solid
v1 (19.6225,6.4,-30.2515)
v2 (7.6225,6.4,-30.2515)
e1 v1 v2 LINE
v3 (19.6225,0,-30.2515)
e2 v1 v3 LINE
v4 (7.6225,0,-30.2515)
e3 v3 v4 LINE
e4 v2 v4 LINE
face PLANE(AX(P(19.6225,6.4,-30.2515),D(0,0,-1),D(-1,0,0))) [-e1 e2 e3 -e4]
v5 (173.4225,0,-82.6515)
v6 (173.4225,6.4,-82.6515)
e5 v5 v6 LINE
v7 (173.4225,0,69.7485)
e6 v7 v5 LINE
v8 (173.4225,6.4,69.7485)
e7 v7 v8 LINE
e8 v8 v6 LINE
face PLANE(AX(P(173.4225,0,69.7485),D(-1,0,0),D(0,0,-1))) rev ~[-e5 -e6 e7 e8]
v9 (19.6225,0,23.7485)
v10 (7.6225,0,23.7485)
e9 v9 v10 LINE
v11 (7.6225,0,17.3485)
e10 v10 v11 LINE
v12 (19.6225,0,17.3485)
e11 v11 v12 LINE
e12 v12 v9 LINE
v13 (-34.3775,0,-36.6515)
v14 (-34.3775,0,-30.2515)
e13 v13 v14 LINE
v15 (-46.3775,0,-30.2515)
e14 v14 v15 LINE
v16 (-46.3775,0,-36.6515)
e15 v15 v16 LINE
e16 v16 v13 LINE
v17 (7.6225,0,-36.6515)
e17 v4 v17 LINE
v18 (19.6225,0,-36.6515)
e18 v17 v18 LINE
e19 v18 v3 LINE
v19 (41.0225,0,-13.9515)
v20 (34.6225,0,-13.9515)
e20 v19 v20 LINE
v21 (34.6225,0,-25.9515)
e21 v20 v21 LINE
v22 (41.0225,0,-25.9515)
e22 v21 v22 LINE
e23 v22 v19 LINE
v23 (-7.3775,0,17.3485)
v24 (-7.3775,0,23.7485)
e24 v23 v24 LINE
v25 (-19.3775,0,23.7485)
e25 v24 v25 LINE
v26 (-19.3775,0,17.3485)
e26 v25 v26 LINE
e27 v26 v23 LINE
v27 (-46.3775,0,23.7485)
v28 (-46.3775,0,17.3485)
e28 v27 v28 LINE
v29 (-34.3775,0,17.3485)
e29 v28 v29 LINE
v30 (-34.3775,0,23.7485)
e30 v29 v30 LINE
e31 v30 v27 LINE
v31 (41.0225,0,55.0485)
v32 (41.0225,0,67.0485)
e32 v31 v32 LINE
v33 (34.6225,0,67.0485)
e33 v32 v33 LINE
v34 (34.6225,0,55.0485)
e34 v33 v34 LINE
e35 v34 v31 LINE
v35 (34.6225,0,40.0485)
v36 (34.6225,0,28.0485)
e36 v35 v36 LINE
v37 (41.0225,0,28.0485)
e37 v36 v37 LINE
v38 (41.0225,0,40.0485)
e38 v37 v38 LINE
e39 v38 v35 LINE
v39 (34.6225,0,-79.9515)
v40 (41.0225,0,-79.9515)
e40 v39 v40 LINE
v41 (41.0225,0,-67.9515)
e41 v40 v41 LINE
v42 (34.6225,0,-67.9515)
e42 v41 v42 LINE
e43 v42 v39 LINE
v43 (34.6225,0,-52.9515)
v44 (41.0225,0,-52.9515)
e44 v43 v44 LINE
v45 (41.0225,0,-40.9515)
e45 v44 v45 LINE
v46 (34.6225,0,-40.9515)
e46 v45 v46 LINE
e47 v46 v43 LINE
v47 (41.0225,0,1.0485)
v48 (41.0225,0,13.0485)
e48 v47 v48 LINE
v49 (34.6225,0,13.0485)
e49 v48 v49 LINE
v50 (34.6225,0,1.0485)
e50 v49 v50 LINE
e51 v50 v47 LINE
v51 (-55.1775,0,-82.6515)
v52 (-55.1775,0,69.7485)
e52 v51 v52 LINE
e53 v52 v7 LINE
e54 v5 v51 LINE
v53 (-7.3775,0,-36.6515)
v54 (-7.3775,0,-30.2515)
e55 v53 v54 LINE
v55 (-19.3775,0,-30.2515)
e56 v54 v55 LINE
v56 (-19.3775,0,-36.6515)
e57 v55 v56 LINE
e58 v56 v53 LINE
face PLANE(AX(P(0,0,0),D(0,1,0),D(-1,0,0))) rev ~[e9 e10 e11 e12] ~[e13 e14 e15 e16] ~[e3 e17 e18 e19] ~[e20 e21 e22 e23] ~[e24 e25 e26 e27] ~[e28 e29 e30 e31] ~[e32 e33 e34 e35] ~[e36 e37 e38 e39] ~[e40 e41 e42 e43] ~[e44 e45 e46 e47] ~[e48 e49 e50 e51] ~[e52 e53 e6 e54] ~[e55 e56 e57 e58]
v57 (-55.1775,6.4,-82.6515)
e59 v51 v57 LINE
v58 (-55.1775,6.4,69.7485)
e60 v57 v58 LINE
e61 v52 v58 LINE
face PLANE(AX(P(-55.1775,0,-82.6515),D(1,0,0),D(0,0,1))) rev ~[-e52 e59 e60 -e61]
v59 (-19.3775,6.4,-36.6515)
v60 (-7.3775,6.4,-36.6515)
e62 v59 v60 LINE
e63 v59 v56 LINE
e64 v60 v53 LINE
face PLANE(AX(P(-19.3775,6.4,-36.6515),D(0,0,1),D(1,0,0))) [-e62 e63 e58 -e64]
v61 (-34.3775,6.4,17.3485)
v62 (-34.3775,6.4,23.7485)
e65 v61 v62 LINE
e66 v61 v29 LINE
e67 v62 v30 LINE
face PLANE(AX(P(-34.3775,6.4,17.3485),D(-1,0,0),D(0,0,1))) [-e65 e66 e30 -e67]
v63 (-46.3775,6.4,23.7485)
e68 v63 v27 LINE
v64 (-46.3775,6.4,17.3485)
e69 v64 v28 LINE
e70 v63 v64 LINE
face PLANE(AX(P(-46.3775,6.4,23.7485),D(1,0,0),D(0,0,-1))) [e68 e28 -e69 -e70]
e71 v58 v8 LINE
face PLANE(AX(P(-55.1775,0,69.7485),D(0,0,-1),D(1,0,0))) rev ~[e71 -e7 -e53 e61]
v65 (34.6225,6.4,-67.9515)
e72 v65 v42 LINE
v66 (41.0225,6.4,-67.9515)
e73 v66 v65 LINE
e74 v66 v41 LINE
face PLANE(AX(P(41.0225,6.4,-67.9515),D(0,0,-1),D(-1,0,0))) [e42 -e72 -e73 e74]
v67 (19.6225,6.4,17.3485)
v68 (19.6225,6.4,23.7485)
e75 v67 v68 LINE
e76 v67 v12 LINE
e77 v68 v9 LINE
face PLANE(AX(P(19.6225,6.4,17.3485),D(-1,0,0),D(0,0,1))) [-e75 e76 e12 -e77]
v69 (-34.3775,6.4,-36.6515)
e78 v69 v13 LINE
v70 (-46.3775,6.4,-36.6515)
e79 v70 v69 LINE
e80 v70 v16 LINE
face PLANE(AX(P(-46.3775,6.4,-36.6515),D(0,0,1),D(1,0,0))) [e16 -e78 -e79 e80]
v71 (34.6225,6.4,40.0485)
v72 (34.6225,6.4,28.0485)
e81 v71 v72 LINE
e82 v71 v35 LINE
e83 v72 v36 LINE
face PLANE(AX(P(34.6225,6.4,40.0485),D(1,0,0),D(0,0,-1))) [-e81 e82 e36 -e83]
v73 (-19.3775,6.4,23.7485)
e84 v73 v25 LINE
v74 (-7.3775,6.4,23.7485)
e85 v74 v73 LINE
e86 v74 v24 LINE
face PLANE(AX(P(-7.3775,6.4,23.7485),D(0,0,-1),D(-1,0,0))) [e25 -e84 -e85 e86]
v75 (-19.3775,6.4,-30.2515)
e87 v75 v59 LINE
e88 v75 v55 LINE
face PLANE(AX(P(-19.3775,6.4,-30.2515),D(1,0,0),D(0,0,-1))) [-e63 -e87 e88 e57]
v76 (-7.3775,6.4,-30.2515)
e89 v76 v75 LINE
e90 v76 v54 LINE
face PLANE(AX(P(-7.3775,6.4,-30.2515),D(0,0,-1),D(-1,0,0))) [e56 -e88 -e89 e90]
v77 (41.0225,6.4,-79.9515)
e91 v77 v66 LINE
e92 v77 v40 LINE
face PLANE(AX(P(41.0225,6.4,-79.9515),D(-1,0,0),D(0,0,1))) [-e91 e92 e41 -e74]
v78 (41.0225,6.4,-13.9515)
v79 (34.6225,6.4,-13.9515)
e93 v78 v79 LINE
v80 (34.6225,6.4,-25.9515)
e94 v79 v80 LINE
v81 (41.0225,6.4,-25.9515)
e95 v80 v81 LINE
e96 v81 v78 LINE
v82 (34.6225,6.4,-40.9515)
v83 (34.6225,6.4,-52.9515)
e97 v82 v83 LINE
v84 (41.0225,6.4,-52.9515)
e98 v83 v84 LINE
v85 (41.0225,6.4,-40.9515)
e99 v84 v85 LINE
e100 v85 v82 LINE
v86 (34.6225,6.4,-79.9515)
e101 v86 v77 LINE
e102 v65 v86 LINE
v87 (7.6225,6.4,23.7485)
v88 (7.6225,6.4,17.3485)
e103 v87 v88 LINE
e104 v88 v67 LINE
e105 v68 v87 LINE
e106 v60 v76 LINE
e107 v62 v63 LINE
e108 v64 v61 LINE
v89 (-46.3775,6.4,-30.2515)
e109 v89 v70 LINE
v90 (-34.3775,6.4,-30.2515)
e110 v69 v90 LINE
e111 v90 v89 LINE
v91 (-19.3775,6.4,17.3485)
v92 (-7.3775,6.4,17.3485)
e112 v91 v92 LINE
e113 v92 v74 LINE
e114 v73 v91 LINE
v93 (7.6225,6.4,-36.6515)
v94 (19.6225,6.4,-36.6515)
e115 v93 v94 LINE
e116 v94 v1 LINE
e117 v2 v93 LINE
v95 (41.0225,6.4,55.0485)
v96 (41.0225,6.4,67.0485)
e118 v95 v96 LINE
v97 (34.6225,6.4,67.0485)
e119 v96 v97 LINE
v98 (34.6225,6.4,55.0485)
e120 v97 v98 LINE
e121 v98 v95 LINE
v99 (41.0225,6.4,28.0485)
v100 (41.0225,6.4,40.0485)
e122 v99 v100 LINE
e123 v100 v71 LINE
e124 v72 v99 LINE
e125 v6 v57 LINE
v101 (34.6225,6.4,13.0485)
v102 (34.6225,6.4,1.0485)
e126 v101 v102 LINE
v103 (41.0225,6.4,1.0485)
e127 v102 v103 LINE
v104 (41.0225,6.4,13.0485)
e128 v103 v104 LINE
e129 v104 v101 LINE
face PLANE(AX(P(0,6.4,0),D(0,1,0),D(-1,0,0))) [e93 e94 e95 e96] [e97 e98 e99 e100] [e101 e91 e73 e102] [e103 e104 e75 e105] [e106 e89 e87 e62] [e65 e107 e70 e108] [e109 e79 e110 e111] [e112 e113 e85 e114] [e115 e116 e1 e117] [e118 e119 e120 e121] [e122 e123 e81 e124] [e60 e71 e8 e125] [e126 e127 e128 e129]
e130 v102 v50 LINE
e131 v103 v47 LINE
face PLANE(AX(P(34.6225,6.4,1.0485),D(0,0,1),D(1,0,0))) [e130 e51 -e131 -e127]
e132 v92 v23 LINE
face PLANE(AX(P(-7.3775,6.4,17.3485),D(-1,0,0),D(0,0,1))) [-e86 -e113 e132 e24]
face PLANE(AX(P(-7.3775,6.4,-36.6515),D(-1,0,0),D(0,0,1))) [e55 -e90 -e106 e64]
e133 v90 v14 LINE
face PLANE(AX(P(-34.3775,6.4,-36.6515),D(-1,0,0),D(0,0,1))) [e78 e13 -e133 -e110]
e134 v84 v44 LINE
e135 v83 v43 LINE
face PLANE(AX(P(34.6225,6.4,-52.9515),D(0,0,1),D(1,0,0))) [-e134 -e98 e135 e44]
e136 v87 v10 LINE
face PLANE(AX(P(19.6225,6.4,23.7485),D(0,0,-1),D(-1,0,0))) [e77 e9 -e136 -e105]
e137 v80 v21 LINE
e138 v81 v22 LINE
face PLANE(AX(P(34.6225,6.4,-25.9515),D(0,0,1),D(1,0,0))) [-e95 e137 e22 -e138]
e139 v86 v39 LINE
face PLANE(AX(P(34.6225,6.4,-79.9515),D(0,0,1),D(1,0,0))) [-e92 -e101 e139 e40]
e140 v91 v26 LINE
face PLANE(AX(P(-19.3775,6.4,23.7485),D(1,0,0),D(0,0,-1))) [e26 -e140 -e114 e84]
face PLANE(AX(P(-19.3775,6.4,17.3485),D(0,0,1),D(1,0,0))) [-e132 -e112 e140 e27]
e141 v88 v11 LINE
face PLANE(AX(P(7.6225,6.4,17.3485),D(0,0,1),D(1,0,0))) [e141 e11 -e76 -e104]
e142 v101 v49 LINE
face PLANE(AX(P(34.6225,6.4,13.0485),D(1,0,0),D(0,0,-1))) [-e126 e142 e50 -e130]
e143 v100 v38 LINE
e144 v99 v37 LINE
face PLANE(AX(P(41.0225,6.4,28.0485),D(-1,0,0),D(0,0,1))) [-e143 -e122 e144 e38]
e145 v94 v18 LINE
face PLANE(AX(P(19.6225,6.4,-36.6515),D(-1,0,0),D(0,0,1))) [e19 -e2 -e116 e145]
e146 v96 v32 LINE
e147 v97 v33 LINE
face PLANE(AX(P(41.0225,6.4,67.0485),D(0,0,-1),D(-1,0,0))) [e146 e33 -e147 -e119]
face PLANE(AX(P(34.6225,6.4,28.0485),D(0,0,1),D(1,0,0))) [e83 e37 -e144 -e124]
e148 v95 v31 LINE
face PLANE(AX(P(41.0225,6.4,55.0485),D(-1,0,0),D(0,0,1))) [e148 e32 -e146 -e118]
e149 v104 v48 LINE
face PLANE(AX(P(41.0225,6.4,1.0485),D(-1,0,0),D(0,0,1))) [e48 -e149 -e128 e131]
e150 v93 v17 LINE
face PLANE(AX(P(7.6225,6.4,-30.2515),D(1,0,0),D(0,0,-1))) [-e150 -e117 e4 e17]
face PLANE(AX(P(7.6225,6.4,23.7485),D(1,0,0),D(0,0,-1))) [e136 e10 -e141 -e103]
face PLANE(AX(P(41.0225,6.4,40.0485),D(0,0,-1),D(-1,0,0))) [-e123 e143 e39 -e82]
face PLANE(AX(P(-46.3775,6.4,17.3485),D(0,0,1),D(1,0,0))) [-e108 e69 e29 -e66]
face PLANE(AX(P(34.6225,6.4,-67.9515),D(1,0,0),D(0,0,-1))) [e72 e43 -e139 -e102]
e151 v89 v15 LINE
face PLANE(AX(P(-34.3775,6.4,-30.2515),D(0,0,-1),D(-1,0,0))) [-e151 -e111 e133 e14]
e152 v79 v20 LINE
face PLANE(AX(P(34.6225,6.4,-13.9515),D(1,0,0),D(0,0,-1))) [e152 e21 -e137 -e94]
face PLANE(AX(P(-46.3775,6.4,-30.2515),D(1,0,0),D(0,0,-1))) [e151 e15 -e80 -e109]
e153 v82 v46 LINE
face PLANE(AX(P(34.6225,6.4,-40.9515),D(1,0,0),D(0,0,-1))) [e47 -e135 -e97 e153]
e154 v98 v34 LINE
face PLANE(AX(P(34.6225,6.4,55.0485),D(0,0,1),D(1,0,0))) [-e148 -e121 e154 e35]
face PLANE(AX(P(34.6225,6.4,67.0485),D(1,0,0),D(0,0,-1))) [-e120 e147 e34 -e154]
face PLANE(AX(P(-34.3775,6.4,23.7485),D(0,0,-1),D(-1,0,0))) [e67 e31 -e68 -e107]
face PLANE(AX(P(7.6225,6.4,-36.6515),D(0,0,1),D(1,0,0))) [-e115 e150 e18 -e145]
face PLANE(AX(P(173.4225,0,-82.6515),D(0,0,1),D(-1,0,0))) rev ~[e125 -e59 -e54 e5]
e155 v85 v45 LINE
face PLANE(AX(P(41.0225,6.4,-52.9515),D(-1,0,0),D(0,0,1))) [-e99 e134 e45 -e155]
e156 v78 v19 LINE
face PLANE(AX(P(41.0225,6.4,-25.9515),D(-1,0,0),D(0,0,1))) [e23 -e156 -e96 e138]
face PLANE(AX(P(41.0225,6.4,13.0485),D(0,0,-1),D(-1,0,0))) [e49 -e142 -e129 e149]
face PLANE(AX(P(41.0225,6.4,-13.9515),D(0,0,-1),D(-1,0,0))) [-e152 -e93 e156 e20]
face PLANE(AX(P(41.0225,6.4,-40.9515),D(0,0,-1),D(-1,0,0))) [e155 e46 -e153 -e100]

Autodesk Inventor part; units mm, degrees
ref_plane "YZ Plane" through (0, 0, 0) normal (1, 0, 0) x (0, 1, 0)
ref_plane "XZ Plane" through (0, 0, 0) normal (0, 1, 0) x (-1, 0, 0)
ref_plane "XY Plane" through (0, 0, 0) normal (0, 0, 1) x (1, 0, 0)
sketch "Sketch1" plane through (0, 0, 0) normal (0, 1, 0) x (-1, 0, 0)
  line L0 (55.1775, 69.7485) -> (-173.4225, 69.7485)
  line L1 (-173.4225, 69.7485) -> (-173.4225, -82.6515)
  line L2 (-173.4225, -82.6515) -> (55.1775, -82.6515)
  line L3 (55.1775, -82.6515) -> (55.1775, 69.7485)
  point P0 (0, 0)
  dimension "d0" = 152.4
  dimension "d1" = 228.6
extrude "Extrusion1" add sketch "Sketch1" along normal blind 6.4
sketch "Sketch2" plane through (0, 6.4, 0) normal (0, 1, 0) x (1, 0, 0)
  line L0 (34.6225, 25.9515) -> (41.0225, 25.9515)
  line L1 (41.0225, 25.9515) -> (41.0225, 13.9515)
  line L2 (41.0225, 13.9515) -> (34.6225, 13.9515)
  line L3 (34.6225, 13.9515) -> (34.6225, 25.9515)
  line L4 (34.6225, -1.0485) -> (41.0225, -1.0485)
  line L5 (41.0225, -1.0485) -> (41.0225, -13.0485)
  line L6 (41.0225, -13.0485) -> (34.6225, -13.0485)
  line L7 (34.6225, -13.0485) -> (34.6225, -1.0485)
  line L8 (-55.1775, 82.6515) -> (-55.1775, -69.7485) projected
  line L9 (173.4225, -69.7485) -> (173.4225, 82.6515) construction
  line L10 (173.4225, 82.6515) -> (-55.1775, 82.6515) construction
  line L11 (59.1225, 82.6515) -> (59.1225, -69.7485) construction
  line L12 (-55.1775, -69.7485) -> (173.4225, -69.7485) construction
  line L13 (-55.1775, 6.4515) -> (173.4225, 6.4515) construction
  line L14 (41.0225, -28.0485) -> (41.0225, -40.0485)
  line L15 (34.6225, -40.0485) -> (34.6225, -28.0485)
  line L16 (41.0225, -40.0485) -> (34.6225, -40.0485)
  line L17 (34.6225, -28.0485) -> (41.0225, -28.0485)
  line L18 (41.0225, -55.0485) -> (41.0225, -67.0485)
  line L19 (34.6225, -67.0485) -> (34.6225, -55.0485)
  line L20 (41.0225, -67.0485) -> (34.6225, -67.0485)
  line L21 (34.6225, -55.0485) -> (41.0225, -55.0485)
  line L22 (41.0225, 52.9515) -> (41.0225, 40.9515)
  line L23 (34.6225, 40.9515) -> (34.6225, 52.9515)
  line L24 (34.6225, 52.9515) -> (41.0225, 52.9515)
  line L25 (41.0225, 40.9515) -> (34.6225, 40.9515)
  line L26 (41.0225, 79.9515) -> (41.0225, 67.9515)
  line L27 (34.6225, 67.9515) -> (34.6225, 79.9515)
  line L28 (34.6225, 79.9515) -> (41.0225, 79.9515)
  line L29 (41.0225, 67.9515) -> (34.6225, 67.9515)
  line L30 (7.6225, -17.3485) -> (19.6225, -17.3485)
  line L31 (19.6225, -17.3485) -> (19.6225, -23.7485)
  line L32 (19.6225, -23.7485) -> (7.6225, -23.7485)
  line L33 (7.6225, -23.7485) -> (7.6225, -17.3485)
  line L34 (37.8225, -13.0485) -> (37.8225, -28.0485) construction
  line L35 (7.6225, -20.5485) -> (19.6225, -20.5485) construction
  line L36 (7.6225, 36.6515) -> (19.6225, 36.6515)
  line L37 (19.6225, 36.6515) -> (19.6225, 30.2515)
  line L38 (19.6225, 30.2515) -> (7.6225, 30.2515)
  line L39 (7.6225, 30.2515) -> (7.6225, 36.6515)
  line L40 (19.6225, 33.4515) -> (7.6225, 33.4515) construction
  line L41 (-7.3775, 30.2515) -> (-19.3775, 30.2515)
  line L42 (-19.3775, 30.2515) -> (-19.3775, 36.6515)
  line L43 (-19.3775, 36.6515) -> (-7.3775, 36.6515)
  line L44 (-7.3775, 36.6515) -> (-7.3775, 30.2515)
  line L45 (-19.3775, -17.3485) -> (-7.3775, -17.3485)
  line L46 (-7.3775, -23.7485) -> (-19.3775, -23.7485)
  line L47 (-7.3775, -17.3485) -> (-7.3775, -23.7485)
  line L48 (-19.3775, -23.7485) -> (-19.3775, -17.3485)
  line L49 (-34.3775, 30.2515) -> (-46.3775, 30.2515)
  line L50 (-46.3775, 30.2515) -> (-46.3775, 36.6515)
  line L51 (-46.3775, 36.6515) -> (-34.3775, 36.6515)
  line L52 (-34.3775, 36.6515) -> (-34.3775, 30.2515)
  line L53 (-46.3775, -17.3485) -> (-34.3775, -17.3485)
  line L54 (-34.3775, -23.7485) -> (-46.3775, -23.7485)
  line L55 (-34.3775, -17.3485) -> (-34.3775, -23.7485)
  line L56 (-46.3775, -23.7485) -> (-46.3775, -17.3485)
  point P0 (0, 0)
  point P1 (-19.3775, 33.4515)
  point P2 (-7.3775, 33.4515)
  point P3 (-7.3775, -20.5485)
  point P4 (-19.3775, -20.5485)
  point P5 (-46.3775, 33.4515)
  point P6 (-34.3775, 33.4515)
  point P7 (-34.3775, -20.5485)
  point P8 (-46.3775, -20.5485)
  dimension "d4" = 6.4
  dimension "d5" = 12
  dimension "d6" = 6.4
  dimension "d7" = 12
  dimension "d8" = 15
  dimension "d12" = 7.5
  dimension "d13" = 96.2
  dimension "d14" = 96.2
  dimension "d17" = 27
  dimension "d24" = 27
  dimension "d31" = 6.4
  dimension "d32" = 12
  dimension "d34" = 7.5
  dimension "d35" = 12
  dimension "d36" = 6.4
  dimension "d37" = 7.5
  dimension "d40" = 2.7
  dimension "d41" = 15
  dimension "d42" = 15
  dimension "d45" = 27
  dimension "d50" = 46
  dimension "d51" = 46
  dimension "d52" = 47.6
  dimension "d53" = 89.8
extrude "Extrusion2" cut sketch "Sketch2" against normal blind 6.4
equation "\"d29\" = d31"
properties part number "mdf_base_6x6"
